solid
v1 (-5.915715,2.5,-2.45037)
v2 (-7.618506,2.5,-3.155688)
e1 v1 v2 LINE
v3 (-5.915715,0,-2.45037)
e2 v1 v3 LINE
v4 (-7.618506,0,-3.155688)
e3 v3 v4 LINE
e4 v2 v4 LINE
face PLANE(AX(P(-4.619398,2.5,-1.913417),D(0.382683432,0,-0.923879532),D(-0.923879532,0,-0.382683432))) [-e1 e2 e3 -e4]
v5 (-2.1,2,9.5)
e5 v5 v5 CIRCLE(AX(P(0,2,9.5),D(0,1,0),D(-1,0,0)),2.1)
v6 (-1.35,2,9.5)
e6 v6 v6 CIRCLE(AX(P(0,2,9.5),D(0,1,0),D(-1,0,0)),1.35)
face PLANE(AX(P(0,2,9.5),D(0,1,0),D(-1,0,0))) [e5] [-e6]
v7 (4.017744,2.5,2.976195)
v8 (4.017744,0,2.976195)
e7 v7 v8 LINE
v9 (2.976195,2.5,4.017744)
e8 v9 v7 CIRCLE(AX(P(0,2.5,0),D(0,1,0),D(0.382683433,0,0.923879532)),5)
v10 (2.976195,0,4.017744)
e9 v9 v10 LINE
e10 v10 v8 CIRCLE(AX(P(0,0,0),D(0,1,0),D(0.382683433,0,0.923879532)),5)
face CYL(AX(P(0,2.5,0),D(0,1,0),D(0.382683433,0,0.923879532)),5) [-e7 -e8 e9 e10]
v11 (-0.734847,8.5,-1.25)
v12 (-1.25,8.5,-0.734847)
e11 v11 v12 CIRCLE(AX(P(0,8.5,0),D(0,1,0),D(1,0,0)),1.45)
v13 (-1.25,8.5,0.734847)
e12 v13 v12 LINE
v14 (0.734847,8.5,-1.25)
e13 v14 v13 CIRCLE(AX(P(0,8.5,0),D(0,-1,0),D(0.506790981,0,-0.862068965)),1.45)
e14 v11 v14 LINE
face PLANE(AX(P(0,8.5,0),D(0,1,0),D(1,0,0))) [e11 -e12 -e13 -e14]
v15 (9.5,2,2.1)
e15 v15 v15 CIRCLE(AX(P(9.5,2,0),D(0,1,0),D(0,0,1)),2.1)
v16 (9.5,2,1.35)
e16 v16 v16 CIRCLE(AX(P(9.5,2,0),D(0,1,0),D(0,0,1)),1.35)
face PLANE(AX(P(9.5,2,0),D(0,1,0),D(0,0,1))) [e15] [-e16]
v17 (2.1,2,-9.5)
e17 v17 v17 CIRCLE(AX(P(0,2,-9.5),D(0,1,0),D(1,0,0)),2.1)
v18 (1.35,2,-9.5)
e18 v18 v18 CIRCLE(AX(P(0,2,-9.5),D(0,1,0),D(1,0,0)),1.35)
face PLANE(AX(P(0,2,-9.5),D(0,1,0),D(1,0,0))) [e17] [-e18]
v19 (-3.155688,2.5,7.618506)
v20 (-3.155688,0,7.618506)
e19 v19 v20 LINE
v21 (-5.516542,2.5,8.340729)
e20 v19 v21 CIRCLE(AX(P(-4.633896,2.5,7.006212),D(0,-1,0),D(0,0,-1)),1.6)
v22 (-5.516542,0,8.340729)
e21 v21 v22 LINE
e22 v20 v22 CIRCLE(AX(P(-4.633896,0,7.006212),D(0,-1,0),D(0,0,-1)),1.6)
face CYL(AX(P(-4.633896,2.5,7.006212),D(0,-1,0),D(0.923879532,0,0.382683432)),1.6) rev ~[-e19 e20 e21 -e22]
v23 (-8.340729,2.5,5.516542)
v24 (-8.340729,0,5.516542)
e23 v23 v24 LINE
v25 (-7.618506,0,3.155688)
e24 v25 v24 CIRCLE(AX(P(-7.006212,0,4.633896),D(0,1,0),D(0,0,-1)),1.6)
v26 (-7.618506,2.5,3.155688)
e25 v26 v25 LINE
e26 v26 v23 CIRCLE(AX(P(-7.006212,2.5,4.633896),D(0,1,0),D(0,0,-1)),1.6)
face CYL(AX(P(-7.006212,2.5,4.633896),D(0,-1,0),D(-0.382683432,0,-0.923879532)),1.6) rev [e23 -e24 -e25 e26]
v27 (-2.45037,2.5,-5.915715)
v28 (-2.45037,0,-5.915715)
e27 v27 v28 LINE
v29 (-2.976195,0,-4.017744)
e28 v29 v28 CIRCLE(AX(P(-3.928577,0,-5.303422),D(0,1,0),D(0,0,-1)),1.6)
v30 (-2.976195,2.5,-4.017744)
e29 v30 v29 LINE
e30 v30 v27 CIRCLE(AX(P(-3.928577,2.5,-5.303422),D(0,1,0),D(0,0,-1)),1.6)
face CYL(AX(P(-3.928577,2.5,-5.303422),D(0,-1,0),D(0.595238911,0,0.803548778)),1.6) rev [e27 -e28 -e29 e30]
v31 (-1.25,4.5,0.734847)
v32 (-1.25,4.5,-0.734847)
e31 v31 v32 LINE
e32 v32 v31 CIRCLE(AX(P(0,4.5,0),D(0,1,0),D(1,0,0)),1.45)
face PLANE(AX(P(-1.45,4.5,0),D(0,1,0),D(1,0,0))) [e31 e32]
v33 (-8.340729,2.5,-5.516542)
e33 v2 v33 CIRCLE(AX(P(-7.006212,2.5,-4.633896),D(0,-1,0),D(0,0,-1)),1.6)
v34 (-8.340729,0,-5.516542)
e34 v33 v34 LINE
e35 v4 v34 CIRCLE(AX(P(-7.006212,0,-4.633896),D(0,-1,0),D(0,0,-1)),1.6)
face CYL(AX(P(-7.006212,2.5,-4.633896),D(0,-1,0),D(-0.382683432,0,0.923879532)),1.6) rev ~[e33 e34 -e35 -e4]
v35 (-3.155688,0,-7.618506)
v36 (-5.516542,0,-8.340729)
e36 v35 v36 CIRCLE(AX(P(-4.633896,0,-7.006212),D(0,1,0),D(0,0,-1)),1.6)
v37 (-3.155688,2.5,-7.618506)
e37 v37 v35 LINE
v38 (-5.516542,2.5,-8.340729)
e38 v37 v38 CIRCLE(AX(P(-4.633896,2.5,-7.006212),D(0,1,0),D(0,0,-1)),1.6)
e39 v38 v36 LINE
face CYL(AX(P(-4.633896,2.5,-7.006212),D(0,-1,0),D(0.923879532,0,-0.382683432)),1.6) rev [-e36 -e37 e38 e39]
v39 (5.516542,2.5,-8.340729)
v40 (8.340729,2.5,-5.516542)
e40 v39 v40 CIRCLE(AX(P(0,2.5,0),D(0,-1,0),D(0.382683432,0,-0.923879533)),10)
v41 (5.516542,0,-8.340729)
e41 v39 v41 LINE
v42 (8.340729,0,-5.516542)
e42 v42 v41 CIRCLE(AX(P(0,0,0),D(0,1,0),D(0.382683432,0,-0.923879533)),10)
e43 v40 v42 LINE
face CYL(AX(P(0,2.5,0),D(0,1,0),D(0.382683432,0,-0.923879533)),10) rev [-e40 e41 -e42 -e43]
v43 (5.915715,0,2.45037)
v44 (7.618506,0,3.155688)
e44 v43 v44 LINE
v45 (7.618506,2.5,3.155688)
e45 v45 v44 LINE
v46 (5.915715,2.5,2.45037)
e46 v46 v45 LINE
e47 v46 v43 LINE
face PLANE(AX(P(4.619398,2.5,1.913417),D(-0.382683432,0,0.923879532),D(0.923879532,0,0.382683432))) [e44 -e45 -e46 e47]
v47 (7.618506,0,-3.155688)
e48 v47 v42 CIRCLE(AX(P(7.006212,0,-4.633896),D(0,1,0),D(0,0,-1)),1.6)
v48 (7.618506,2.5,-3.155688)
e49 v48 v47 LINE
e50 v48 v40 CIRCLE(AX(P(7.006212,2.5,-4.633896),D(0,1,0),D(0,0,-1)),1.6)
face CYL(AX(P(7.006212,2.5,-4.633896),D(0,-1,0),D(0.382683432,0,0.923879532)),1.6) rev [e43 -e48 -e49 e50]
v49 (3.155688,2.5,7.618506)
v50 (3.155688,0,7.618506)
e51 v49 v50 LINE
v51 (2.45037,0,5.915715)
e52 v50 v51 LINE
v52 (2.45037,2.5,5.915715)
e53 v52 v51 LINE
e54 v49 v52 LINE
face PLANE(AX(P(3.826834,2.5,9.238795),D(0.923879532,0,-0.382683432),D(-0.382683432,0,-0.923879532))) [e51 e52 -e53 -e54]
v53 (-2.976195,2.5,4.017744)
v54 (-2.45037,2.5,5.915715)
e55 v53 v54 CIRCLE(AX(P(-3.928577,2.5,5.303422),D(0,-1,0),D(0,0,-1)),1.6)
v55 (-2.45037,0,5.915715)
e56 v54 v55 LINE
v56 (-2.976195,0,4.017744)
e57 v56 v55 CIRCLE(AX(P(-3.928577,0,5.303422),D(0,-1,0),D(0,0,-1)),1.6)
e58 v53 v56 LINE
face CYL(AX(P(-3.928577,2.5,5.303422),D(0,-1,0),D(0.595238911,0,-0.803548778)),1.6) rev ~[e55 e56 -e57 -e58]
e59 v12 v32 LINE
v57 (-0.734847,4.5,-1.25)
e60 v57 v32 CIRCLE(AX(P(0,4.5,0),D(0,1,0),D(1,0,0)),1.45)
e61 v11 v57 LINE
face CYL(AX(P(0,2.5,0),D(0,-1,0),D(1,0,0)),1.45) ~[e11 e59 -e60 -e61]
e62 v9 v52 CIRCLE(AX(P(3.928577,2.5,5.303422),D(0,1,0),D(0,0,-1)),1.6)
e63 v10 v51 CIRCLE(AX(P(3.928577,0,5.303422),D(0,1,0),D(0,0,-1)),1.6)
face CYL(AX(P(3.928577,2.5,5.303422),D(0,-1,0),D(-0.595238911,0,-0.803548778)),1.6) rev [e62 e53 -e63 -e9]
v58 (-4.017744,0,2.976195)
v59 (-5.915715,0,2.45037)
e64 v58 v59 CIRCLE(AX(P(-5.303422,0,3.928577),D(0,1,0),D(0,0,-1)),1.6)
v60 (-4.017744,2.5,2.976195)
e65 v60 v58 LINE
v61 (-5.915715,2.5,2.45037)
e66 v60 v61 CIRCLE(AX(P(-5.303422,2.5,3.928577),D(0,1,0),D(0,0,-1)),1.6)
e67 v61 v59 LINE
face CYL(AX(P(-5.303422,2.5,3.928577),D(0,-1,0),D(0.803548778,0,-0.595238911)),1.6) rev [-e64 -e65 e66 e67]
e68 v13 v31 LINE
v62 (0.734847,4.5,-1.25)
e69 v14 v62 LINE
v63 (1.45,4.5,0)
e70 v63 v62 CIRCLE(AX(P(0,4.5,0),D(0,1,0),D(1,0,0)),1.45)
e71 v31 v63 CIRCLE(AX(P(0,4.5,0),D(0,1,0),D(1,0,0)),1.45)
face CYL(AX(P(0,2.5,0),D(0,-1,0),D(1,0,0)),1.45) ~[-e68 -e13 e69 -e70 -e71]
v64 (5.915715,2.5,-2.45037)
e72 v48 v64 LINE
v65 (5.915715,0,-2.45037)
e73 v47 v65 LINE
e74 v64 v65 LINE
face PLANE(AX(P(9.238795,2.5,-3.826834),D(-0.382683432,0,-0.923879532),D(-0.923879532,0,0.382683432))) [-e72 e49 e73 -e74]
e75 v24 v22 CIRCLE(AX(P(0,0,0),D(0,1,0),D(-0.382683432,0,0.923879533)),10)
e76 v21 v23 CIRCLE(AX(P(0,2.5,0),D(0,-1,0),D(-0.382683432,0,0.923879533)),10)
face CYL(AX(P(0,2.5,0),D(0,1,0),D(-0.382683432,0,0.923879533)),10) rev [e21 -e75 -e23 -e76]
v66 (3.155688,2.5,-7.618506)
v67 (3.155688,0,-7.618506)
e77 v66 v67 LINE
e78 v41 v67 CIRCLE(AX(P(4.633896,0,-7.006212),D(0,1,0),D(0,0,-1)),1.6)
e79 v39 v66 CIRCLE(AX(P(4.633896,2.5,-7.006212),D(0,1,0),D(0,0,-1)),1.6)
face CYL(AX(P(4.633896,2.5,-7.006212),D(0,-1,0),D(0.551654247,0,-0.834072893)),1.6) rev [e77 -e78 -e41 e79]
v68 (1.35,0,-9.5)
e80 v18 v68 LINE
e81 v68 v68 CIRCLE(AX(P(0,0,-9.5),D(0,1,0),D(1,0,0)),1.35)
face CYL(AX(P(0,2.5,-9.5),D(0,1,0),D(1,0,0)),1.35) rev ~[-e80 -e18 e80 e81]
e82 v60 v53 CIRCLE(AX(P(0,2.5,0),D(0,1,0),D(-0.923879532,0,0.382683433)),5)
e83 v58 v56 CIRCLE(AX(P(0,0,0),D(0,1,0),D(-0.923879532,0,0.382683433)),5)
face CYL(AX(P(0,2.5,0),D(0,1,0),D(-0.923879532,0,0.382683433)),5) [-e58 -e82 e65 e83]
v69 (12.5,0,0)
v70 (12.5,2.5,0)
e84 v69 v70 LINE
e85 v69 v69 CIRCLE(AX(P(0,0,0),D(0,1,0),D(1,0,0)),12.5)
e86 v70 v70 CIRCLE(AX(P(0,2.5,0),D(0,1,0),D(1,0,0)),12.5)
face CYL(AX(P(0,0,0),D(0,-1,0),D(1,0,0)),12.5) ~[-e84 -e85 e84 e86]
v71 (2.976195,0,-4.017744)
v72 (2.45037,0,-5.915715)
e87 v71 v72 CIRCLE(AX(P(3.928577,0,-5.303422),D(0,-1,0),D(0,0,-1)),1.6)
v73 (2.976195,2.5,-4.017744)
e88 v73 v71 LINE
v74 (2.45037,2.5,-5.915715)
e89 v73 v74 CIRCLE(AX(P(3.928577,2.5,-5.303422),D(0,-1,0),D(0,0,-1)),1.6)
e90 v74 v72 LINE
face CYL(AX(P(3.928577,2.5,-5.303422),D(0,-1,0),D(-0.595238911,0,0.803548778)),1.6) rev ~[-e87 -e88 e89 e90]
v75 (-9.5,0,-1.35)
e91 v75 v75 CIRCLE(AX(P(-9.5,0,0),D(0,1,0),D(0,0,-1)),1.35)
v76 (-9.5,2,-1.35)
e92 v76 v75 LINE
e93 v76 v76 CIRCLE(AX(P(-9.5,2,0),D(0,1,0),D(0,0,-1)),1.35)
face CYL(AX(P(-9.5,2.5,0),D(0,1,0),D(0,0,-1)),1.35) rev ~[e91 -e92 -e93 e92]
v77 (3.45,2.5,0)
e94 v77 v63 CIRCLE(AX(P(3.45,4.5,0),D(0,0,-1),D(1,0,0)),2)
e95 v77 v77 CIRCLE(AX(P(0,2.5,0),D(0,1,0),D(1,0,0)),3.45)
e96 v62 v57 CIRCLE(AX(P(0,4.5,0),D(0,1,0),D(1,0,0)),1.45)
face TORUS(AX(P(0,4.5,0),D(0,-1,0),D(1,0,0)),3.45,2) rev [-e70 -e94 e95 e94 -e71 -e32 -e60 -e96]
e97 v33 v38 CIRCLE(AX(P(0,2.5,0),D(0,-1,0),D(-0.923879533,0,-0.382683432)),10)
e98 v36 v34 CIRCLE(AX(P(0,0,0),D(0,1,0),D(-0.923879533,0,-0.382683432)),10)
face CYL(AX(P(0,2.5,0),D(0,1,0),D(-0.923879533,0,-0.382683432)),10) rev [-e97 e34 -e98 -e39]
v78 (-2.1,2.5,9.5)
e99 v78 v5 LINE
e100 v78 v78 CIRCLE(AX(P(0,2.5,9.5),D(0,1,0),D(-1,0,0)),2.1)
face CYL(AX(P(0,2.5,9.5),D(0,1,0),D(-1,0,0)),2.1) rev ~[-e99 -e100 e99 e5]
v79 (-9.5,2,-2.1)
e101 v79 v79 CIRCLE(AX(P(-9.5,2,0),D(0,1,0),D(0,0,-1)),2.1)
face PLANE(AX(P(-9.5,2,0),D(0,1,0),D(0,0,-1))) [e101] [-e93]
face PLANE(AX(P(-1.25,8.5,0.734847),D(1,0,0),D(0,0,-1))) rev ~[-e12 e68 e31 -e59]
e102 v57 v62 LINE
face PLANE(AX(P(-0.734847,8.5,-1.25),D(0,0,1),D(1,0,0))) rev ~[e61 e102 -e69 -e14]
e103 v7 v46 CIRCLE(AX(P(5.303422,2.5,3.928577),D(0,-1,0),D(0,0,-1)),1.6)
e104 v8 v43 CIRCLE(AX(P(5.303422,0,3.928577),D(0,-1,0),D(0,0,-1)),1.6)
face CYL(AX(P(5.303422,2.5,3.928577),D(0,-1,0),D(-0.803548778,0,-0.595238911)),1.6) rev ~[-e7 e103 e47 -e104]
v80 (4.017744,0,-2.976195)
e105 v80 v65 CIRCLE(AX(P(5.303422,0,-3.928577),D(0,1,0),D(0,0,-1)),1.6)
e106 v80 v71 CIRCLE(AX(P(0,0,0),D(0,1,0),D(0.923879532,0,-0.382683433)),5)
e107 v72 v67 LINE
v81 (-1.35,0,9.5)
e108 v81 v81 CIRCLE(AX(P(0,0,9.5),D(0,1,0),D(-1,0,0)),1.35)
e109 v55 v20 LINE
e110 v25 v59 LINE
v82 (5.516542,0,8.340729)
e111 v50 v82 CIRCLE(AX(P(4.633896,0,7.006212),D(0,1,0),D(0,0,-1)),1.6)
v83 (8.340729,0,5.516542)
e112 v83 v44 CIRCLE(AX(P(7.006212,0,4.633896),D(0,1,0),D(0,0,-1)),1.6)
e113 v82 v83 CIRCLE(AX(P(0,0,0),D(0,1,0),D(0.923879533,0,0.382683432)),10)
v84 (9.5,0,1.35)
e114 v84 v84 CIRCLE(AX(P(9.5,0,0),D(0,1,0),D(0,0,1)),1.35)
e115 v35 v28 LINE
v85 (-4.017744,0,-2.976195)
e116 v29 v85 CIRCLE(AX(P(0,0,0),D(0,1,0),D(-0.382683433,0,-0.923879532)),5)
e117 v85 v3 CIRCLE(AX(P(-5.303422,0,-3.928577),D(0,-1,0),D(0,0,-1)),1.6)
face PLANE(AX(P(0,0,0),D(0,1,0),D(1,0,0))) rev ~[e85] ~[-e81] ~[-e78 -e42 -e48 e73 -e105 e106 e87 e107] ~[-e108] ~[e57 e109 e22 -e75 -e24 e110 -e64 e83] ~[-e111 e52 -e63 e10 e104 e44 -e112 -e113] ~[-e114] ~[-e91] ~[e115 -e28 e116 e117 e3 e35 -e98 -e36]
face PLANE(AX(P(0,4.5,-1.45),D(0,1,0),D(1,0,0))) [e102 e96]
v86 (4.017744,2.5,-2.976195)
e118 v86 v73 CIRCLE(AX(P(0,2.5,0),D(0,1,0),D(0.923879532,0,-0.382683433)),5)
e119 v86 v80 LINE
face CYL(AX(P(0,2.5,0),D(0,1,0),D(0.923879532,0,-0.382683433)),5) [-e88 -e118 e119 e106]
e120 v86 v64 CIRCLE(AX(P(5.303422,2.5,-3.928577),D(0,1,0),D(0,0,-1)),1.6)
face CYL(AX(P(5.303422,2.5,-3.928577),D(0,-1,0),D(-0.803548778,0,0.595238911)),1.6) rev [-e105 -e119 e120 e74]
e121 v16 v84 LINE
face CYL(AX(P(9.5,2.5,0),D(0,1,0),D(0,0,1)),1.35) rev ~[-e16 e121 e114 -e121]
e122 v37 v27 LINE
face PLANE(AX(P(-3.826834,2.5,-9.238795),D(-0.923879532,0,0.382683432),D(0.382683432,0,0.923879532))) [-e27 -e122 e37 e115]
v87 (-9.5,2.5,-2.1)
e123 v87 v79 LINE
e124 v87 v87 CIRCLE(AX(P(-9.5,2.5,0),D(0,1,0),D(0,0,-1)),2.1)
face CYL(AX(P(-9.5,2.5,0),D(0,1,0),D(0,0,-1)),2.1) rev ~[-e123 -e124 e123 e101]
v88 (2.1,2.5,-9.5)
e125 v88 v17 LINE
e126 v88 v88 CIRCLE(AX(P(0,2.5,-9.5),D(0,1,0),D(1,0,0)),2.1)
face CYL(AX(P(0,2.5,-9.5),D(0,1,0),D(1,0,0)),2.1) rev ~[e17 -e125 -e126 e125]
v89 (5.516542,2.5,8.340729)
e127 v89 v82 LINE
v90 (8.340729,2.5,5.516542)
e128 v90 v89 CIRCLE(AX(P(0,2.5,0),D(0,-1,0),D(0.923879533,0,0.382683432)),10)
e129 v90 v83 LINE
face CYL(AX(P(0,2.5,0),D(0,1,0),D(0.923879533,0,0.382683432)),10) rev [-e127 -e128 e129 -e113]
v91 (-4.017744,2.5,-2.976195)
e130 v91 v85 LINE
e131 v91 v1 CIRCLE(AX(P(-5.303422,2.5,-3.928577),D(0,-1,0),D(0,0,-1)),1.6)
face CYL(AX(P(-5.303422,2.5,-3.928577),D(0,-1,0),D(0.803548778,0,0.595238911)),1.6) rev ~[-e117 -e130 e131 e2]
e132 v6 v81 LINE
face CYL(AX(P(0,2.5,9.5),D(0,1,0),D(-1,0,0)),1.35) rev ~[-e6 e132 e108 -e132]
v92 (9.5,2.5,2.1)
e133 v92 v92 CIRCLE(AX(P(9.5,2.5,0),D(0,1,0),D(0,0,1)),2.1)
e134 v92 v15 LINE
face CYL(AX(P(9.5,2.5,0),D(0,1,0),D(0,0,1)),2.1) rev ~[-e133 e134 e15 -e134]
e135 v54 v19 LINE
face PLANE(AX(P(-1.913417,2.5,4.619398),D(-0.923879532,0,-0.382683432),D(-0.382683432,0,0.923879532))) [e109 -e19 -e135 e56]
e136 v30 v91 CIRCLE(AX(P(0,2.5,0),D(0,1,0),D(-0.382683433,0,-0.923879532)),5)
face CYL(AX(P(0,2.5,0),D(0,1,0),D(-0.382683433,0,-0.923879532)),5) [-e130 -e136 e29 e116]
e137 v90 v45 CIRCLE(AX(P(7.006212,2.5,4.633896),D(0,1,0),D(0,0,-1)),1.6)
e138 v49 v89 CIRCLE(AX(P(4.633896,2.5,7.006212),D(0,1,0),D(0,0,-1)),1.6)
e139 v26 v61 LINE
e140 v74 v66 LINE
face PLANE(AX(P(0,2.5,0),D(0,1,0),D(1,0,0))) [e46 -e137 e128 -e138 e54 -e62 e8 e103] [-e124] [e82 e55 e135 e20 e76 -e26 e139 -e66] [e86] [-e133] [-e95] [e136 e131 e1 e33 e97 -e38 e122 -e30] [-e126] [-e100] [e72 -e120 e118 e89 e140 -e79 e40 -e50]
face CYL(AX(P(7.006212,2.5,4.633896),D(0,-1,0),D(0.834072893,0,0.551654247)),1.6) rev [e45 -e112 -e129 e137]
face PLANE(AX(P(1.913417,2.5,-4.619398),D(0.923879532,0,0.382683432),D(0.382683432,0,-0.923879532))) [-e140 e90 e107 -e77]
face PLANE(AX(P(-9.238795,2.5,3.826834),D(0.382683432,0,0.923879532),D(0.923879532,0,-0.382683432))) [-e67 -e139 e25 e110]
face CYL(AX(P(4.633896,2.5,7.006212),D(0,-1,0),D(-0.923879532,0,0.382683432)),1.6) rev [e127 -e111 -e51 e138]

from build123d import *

# Parameters (mm, degrees)
SKETCH1_R                = 12.5
BOSS_EXTRUDE1_DEPTH      = 2.5
SKETCH2_R                = 1.35
CUT_EXTRUDE1_DEPTH       = 3.5
SKETCH4_R                = 2.1
CUT_EXTRUDE2_DEPTH       = 0.5
CUT_EXTRUDE3_DEPTH       = 3.5
FILLET3_R                = 1.6
CIRPATTERN1_COUNT        = 4
FILLET3_OF_CIRPATTERN1_R = 1.6
SKETCH3_R                = 1.45
BOSS_EXTRUDE2_DEPTH      = 6
FILLET2_R                = 2
SKETCH6_W                = 1.469693846
SKETCH6_H                = 0.4
SKETCH6_W_2              = 0.4
SKETCH6_H_2              = 1.469693846
CUT_EXTRUDE4_DEPTH       = 4


with BuildPart() as part:
    # Sketch1 → Boss-Extrude1 (new body)
    with BuildSketch(Plane(origin=(0, 0, 0), x_dir=(1, 0, 0), z_dir=(0, 1, 0))):
        Circle(SKETCH1_R)
    extrude(amount=BOSS_EXTRUDE1_DEPTH)

    # Sketch2 → Cut-Extrude1 (cut, through all)
    with BuildSketch(Plane(origin=(0, 2.5, 0), x_dir=(1, 0, 0), z_dir=(0, 1, 0))):
        with Locations((0, 9.5)):
            Circle(SKETCH2_R)
    cut_extrude1 = extrude(amount=-CUT_EXTRUDE1_DEPTH, mode=Mode.SUBTRACT)

    # Sketch4 → Cut-Extrude2 (cut)
    with BuildSketch(Plane(origin=(0, 2.5, 0), x_dir=(1, 0, 0), z_dir=(0, 1, 0))):
        with Locations((0, 9.5)):
            Circle(SKETCH4_R)
    cut_extrude2 = extrude(amount=-CUT_EXTRUDE2_DEPTH, mode=Mode.SUBTRACT)

    # Sketch5 → Cut-Extrude3 (cut, through all)
    with BuildSketch(Plane(origin=(0, 2.5, 0), x_dir=(1, 0, 0), z_dir=(0, 1, 0))):
        with BuildLine():
            Line((1.913417162, 4.619397663), (3.826834324, 9.238795325))
            ThreePointArc((3.826834324, 9.238795325), (7.071067812, 7.071067812), (9.238795325, 3.826834324))
            Line((9.238795325, 3.826834324), (4.619397663, 1.913417162))
            ThreePointArc((4.619397663, 1.913417162), (3.535533906, 3.535533906), (1.913417162, 4.619397663))
        make_face()
    cut_extrude3 = extrude(amount=-CUT_EXTRUDE3_DEPTH, mode=Mode.SUBTRACT)

    # Fillet3
    fillet3_edges = [part.edges().sort_by_distance(p)[0] for p in [
        (3.826834324, 1.25, -9.238795325),
        (9.238795325, 1.25, -3.826834324),
        (4.619397663, 1.25, -1.913417162),
        (1.913417162, 1.25, -4.619397663),
    ]]
    fillet(fillet3_edges, radius=FILLET3_R)

    # CirPattern1: Cut-Extrude1, Cut-Extrude2, Cut-Extrude3 ×4 about axis
    cirpattern1_axis = Axis((0, 0, 0), (0, 1, 0))
    for i in range(1, CIRPATTERN1_COUNT):
        add(cut_extrude1.rotate(cirpattern1_axis, i * 360 / CIRPATTERN1_COUNT), mode=Mode.SUBTRACT)
        add(cut_extrude2.rotate(cirpattern1_axis, i * 360 / CIRPATTERN1_COUNT), mode=Mode.SUBTRACT)
        add(cut_extrude3.rotate(cirpattern1_axis, i * 360 / CIRPATTERN1_COUNT), mode=Mode.SUBTRACT)

    # Fillet3 of CirPattern1
    fillet3_of_cirpattern1_edges = [part.edges().sort_by_distance(p)[0] for p in [
        (-9.238795325, 1.25, -3.826834324),
        (-3.826834324, 1.25, -9.238795325),
        (-1.913417162, 1.25, -4.619397663),
        (-4.619397663, 1.25, -1.913417162),
        (-3.826834324, 1.25, 9.238795325),
        (-9.238795325, 1.25, 3.826834324),
        (-4.619397663, 1.25, 1.913417162),
        (-1.913417162, 1.25, 4.619397663),
        (9.238795325, 1.25, 3.826834324),
        (3.826834324, 1.25, 9.238795325),
        (1.913417162, 1.25, 4.619397663),
        (4.619397663, 1.25, 1.913417162),
    ]]
    fillet(fillet3_of_cirpattern1_edges, radius=FILLET3_OF_CIRPATTERN1_R)

    # Sketch3 → Boss-Extrude2 (add)
    with BuildSketch(Plane(origin=(0, 2.5, 0), x_dir=(1, 0, 0), z_dir=(0, 1, 0))):
        Circle(SKETCH3_R)
    extrude(amount=BOSS_EXTRUDE2_DEPTH)

    # Fillet2
    fillet2_edges = [part.edges().sort_by_distance(p)[0] for p in [
        (-1.45, 2.5, 0),
    ]]
    fillet(fillet2_edges, radius=FILLET2_R)

    # Sketch6 → Cut-Extrude4 (cut)
    with BuildSketch(Plane(origin=(0, 8.5, 0), x_dir=(1, 0, 0), z_dir=(0, 1, 0))):
        with Locations((0, 1.45)):
            Rectangle(SKETCH6_W, SKETCH6_H)
        with Locations((-1.45, 0)):
            Rectangle(SKETCH6_W_2, SKETCH6_H_2)
    extrude(amount=-CUT_EXTRUDE4_DEPTH, mode=Mode.SUBTRACT)


solid = part.part
